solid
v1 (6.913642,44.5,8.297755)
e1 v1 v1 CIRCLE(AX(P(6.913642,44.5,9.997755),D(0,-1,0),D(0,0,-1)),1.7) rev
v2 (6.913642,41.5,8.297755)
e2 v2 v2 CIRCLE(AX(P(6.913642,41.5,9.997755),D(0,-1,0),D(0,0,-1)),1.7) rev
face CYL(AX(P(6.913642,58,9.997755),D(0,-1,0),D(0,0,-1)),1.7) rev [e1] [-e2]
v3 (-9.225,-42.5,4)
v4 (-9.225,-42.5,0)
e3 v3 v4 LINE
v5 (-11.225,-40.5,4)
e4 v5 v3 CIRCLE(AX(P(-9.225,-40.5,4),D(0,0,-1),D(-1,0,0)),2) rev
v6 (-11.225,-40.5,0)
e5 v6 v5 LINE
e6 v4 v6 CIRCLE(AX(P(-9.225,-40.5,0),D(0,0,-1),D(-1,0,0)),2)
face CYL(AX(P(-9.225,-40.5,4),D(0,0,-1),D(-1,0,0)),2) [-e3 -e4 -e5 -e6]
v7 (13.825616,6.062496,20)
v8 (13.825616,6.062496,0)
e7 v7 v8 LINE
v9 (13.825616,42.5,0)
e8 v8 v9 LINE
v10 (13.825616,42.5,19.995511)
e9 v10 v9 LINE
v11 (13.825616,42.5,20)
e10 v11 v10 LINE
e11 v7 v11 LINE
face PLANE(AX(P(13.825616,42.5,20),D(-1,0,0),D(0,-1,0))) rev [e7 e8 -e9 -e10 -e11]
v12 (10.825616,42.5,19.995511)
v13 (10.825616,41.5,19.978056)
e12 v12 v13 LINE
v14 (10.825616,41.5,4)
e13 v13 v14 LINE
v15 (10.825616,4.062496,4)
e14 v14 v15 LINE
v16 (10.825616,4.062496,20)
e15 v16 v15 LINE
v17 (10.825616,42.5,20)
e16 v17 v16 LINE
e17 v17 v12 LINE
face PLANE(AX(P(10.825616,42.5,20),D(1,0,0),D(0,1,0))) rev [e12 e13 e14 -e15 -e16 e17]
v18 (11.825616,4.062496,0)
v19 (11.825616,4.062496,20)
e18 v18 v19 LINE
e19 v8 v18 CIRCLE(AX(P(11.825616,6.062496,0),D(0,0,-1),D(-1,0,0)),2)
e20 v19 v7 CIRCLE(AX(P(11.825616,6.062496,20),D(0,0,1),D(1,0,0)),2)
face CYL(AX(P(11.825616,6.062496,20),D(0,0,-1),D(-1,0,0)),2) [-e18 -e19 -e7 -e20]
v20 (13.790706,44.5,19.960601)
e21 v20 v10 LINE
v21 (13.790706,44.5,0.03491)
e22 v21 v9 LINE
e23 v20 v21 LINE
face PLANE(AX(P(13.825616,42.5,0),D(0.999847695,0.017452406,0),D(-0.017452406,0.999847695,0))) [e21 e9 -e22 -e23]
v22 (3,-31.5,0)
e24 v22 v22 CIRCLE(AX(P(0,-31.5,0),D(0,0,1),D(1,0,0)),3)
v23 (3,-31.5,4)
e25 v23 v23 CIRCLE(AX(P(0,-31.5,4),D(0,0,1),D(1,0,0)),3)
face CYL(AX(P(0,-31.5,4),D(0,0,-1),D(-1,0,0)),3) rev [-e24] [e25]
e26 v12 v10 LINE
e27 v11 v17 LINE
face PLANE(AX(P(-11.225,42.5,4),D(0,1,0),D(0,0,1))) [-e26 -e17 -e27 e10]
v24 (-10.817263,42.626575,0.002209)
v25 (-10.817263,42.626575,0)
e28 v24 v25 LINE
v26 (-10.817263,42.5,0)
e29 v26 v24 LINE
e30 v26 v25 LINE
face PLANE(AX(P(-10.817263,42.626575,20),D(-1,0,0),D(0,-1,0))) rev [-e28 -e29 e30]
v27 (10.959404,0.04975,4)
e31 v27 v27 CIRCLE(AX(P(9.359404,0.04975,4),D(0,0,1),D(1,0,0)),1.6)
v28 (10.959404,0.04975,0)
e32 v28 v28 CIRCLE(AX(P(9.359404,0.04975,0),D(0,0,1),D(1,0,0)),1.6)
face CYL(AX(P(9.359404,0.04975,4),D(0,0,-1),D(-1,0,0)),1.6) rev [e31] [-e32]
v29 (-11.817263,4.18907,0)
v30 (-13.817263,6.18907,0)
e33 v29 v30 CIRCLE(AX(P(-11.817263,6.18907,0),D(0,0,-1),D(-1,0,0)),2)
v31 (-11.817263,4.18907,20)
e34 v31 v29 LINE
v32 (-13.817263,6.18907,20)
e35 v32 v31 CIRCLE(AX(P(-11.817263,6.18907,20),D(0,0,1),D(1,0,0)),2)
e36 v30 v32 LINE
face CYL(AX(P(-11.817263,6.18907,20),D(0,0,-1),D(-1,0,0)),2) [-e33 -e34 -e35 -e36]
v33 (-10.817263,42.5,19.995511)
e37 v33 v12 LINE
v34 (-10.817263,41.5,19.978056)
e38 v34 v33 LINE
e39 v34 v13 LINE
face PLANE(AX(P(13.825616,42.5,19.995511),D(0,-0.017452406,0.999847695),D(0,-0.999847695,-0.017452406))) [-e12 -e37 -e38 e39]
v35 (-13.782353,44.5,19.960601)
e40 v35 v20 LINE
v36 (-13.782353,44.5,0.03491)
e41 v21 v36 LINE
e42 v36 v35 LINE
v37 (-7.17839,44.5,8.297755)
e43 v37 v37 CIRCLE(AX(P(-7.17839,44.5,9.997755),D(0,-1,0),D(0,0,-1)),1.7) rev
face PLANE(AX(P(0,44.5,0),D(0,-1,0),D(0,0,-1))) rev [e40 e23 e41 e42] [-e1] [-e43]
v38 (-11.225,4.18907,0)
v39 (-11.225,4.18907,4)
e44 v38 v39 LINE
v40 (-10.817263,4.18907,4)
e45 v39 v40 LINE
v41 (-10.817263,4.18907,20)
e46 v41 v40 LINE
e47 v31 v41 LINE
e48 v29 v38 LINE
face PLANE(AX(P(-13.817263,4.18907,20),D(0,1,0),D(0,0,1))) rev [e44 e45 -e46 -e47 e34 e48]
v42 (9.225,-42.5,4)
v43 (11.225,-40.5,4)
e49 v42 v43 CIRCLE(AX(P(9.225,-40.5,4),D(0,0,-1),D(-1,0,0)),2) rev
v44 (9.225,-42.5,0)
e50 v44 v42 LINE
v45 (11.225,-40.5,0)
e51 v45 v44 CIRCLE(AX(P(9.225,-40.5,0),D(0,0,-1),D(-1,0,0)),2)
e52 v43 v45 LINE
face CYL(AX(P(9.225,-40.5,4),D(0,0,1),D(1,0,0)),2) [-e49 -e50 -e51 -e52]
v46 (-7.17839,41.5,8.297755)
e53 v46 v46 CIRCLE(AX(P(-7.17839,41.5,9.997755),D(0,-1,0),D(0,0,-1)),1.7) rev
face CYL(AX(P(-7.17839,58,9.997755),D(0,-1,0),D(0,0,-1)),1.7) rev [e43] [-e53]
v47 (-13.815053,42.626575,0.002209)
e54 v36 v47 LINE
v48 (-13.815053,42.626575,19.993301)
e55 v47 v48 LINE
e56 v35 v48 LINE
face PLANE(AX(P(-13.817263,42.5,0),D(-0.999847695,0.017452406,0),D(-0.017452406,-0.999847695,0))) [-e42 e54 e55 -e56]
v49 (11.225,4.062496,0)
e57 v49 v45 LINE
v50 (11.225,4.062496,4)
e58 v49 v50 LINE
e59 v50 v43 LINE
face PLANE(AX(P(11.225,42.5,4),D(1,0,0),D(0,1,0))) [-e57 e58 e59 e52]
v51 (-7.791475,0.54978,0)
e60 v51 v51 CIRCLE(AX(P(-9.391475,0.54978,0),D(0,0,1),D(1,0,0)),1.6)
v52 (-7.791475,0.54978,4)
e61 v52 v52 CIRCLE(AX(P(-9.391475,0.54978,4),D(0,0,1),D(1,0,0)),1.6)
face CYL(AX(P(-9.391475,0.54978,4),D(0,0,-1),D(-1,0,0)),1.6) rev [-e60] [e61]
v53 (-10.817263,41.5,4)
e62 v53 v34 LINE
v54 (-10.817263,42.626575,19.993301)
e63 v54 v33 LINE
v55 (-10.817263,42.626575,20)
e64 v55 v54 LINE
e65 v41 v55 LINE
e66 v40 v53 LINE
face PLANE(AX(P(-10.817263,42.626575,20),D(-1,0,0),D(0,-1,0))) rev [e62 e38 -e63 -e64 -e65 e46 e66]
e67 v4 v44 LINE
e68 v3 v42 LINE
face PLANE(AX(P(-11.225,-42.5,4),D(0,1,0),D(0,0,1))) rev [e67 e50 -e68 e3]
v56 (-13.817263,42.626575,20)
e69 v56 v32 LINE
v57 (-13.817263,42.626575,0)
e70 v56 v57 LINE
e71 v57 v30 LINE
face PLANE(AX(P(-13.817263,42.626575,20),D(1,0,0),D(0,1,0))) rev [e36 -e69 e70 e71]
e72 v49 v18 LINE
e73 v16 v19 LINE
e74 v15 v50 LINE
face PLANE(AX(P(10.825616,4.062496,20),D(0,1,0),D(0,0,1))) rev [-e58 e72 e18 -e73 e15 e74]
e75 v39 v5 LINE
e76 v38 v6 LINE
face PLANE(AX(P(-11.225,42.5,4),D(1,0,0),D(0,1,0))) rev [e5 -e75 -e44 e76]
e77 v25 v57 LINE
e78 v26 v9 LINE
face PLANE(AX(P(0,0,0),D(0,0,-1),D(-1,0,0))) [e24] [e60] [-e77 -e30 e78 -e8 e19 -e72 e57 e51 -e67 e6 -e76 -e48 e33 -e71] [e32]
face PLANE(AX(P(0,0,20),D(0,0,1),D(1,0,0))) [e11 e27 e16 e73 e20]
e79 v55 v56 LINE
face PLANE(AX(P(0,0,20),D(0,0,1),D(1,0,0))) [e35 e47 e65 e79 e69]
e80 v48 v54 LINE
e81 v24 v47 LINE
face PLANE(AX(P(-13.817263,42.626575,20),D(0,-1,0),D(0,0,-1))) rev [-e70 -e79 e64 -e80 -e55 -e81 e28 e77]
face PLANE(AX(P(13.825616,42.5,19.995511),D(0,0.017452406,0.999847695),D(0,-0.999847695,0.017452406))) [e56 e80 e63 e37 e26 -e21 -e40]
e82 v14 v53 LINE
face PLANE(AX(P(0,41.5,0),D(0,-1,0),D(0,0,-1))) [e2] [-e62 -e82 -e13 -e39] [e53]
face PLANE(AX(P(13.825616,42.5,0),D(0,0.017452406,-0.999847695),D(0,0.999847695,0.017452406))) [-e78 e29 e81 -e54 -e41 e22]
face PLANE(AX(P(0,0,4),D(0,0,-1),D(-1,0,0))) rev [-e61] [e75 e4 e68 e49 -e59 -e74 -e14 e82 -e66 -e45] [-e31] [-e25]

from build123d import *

# Parameters (mm, degrees)
ESQUISSE1_W                  = 22.45
ESQUISSE1_H                  = 85
BOSS_EXTRU_1_DEPTH           = 4
ESQUISSE2_R                  = 3
ENL_V_MAT_EXTRU_1_DEPTH      = 4
ESQUISSE3_R                  = 1.6
ENL_V_MAT_EXTRU_2_DEPTH      = 4
ESQUISSE4_W                  = 3
ESQUISSE4_H                  = 38.437504141
BOSS_EXTRU_2_DEPTH           = 20
CONG_1_R                     = 2
ESQUISSE7_W                  = 27.642878523
ESQUISSE7_H                  = 19.995510754
BOSS_EXTRU_3_DEPTH           = 2
BOSS_EXTRU_3_TAPER           = 1
BOSS_EXTRU_3_OTHER_WAY_DEPTH = 1
BOSS_EXTRU_3_OTHER_WAY_TAPER = 1
ESQUISSE8_R                  = 1.7
ENL_V_MAT_EXTRU_3_DEPTH      = 58


with BuildPart() as part:
    # Esquisse1 → Boss.-Extru.1 (new body)
    with BuildSketch(Plane.XY):
        Rectangle(ESQUISSE1_W, ESQUISSE1_H)
    extrude(amount=BOSS_EXTRU_1_DEPTH)

    # Esquisse2 → Enlèv. mat.-Extru.1 (cut)
    with BuildSketch(Plane.XY):
        with Locations((0, -31.5)):
            Circle(ESQUISSE2_R)
    extrude(amount=ENL_V_MAT_EXTRU_1_DEPTH, mode=Mode.SUBTRACT)

    # Esquisse3 → Enlèv. mat.-Extru.2 (cut)
    with BuildSketch(Plane.XY):
        with Locations((-9.391474789, 0.549780329)):
            Circle(ESQUISSE3_R)
        with Locations((9.359403649, 0.04974993)):
            Circle(ESQUISSE3_R)
    extrude(amount=ENL_V_MAT_EXTRU_2_DEPTH, mode=Mode.SUBTRACT)

    # Esquisse4 → Boss.-Extru.2 (add)
    with BuildSketch(Plane.XY):
        with Locations((12.325615706, 23.28124793)):
            Rectangle(ESQUISSE4_W, ESQUISSE4_H)
        with Locations((-12.317262817, 23.407822495)):
            Rectangle(ESQUISSE4_W, ESQUISSE4_H)
    extrude(amount=BOSS_EXTRU_2_DEPTH)

    # Congé1
    cong_1_edges = [part.edges().sort_by_distance(p)[0] for p in [
        (13.825615706, 4.062495859, 10),
        (-13.817262817, 4.189070425, 10),
        (-11.225, -42.5, 2),
        (11.225, -42.5, 2),
    ]]
    fillet(cong_1_edges, radius=CONG_1_R)

    # Esquisse7 → Boss.-Extru.3 (add)
    with BuildSketch(Plane(origin=(0, 42.5, 0), x_dir=(1, 0, 0), z_dir=(0, 1, 0))):
        with Locations((0.004176444, -9.997755377)):
            Rectangle(ESQUISSE7_W, ESQUISSE7_H)
    extrude(amount=BOSS_EXTRU_3_DEPTH, taper=BOSS_EXTRU_3_TAPER)

    # Esquisse7 → Boss.-Extru.3 other way (add)
    with BuildSketch(Plane(origin=(0, 42.5, 0), x_dir=(1, 0, 0), z_dir=(0, 1, 0))):
        with Locations((0.004176444, -9.997755377)):
            Rectangle(ESQUISSE7_W, ESQUISSE7_H)
    extrude(amount=-BOSS_EXTRU_3_OTHER_WAY_DEPTH, taper=BOSS_EXTRU_3_OTHER_WAY_TAPER)

    # Esquisse8 → Enlèv. mat.-Extru.3 (cut)
    with BuildSketch(Plane(origin=(0, 0, 0), x_dir=(1, 0, 0), z_dir=(0, 1, 0))):
        with Locations((6.913641528, -9.997755377)):
            Circle(ESQUISSE8_R)
        with Locations((-7.178390026, -9.997755377)):
            Circle(ESQUISSE8_R)
    extrude(amount=ENL_V_MAT_EXTRU_3_DEPTH, mode=Mode.SUBTRACT)


solid = part.part
